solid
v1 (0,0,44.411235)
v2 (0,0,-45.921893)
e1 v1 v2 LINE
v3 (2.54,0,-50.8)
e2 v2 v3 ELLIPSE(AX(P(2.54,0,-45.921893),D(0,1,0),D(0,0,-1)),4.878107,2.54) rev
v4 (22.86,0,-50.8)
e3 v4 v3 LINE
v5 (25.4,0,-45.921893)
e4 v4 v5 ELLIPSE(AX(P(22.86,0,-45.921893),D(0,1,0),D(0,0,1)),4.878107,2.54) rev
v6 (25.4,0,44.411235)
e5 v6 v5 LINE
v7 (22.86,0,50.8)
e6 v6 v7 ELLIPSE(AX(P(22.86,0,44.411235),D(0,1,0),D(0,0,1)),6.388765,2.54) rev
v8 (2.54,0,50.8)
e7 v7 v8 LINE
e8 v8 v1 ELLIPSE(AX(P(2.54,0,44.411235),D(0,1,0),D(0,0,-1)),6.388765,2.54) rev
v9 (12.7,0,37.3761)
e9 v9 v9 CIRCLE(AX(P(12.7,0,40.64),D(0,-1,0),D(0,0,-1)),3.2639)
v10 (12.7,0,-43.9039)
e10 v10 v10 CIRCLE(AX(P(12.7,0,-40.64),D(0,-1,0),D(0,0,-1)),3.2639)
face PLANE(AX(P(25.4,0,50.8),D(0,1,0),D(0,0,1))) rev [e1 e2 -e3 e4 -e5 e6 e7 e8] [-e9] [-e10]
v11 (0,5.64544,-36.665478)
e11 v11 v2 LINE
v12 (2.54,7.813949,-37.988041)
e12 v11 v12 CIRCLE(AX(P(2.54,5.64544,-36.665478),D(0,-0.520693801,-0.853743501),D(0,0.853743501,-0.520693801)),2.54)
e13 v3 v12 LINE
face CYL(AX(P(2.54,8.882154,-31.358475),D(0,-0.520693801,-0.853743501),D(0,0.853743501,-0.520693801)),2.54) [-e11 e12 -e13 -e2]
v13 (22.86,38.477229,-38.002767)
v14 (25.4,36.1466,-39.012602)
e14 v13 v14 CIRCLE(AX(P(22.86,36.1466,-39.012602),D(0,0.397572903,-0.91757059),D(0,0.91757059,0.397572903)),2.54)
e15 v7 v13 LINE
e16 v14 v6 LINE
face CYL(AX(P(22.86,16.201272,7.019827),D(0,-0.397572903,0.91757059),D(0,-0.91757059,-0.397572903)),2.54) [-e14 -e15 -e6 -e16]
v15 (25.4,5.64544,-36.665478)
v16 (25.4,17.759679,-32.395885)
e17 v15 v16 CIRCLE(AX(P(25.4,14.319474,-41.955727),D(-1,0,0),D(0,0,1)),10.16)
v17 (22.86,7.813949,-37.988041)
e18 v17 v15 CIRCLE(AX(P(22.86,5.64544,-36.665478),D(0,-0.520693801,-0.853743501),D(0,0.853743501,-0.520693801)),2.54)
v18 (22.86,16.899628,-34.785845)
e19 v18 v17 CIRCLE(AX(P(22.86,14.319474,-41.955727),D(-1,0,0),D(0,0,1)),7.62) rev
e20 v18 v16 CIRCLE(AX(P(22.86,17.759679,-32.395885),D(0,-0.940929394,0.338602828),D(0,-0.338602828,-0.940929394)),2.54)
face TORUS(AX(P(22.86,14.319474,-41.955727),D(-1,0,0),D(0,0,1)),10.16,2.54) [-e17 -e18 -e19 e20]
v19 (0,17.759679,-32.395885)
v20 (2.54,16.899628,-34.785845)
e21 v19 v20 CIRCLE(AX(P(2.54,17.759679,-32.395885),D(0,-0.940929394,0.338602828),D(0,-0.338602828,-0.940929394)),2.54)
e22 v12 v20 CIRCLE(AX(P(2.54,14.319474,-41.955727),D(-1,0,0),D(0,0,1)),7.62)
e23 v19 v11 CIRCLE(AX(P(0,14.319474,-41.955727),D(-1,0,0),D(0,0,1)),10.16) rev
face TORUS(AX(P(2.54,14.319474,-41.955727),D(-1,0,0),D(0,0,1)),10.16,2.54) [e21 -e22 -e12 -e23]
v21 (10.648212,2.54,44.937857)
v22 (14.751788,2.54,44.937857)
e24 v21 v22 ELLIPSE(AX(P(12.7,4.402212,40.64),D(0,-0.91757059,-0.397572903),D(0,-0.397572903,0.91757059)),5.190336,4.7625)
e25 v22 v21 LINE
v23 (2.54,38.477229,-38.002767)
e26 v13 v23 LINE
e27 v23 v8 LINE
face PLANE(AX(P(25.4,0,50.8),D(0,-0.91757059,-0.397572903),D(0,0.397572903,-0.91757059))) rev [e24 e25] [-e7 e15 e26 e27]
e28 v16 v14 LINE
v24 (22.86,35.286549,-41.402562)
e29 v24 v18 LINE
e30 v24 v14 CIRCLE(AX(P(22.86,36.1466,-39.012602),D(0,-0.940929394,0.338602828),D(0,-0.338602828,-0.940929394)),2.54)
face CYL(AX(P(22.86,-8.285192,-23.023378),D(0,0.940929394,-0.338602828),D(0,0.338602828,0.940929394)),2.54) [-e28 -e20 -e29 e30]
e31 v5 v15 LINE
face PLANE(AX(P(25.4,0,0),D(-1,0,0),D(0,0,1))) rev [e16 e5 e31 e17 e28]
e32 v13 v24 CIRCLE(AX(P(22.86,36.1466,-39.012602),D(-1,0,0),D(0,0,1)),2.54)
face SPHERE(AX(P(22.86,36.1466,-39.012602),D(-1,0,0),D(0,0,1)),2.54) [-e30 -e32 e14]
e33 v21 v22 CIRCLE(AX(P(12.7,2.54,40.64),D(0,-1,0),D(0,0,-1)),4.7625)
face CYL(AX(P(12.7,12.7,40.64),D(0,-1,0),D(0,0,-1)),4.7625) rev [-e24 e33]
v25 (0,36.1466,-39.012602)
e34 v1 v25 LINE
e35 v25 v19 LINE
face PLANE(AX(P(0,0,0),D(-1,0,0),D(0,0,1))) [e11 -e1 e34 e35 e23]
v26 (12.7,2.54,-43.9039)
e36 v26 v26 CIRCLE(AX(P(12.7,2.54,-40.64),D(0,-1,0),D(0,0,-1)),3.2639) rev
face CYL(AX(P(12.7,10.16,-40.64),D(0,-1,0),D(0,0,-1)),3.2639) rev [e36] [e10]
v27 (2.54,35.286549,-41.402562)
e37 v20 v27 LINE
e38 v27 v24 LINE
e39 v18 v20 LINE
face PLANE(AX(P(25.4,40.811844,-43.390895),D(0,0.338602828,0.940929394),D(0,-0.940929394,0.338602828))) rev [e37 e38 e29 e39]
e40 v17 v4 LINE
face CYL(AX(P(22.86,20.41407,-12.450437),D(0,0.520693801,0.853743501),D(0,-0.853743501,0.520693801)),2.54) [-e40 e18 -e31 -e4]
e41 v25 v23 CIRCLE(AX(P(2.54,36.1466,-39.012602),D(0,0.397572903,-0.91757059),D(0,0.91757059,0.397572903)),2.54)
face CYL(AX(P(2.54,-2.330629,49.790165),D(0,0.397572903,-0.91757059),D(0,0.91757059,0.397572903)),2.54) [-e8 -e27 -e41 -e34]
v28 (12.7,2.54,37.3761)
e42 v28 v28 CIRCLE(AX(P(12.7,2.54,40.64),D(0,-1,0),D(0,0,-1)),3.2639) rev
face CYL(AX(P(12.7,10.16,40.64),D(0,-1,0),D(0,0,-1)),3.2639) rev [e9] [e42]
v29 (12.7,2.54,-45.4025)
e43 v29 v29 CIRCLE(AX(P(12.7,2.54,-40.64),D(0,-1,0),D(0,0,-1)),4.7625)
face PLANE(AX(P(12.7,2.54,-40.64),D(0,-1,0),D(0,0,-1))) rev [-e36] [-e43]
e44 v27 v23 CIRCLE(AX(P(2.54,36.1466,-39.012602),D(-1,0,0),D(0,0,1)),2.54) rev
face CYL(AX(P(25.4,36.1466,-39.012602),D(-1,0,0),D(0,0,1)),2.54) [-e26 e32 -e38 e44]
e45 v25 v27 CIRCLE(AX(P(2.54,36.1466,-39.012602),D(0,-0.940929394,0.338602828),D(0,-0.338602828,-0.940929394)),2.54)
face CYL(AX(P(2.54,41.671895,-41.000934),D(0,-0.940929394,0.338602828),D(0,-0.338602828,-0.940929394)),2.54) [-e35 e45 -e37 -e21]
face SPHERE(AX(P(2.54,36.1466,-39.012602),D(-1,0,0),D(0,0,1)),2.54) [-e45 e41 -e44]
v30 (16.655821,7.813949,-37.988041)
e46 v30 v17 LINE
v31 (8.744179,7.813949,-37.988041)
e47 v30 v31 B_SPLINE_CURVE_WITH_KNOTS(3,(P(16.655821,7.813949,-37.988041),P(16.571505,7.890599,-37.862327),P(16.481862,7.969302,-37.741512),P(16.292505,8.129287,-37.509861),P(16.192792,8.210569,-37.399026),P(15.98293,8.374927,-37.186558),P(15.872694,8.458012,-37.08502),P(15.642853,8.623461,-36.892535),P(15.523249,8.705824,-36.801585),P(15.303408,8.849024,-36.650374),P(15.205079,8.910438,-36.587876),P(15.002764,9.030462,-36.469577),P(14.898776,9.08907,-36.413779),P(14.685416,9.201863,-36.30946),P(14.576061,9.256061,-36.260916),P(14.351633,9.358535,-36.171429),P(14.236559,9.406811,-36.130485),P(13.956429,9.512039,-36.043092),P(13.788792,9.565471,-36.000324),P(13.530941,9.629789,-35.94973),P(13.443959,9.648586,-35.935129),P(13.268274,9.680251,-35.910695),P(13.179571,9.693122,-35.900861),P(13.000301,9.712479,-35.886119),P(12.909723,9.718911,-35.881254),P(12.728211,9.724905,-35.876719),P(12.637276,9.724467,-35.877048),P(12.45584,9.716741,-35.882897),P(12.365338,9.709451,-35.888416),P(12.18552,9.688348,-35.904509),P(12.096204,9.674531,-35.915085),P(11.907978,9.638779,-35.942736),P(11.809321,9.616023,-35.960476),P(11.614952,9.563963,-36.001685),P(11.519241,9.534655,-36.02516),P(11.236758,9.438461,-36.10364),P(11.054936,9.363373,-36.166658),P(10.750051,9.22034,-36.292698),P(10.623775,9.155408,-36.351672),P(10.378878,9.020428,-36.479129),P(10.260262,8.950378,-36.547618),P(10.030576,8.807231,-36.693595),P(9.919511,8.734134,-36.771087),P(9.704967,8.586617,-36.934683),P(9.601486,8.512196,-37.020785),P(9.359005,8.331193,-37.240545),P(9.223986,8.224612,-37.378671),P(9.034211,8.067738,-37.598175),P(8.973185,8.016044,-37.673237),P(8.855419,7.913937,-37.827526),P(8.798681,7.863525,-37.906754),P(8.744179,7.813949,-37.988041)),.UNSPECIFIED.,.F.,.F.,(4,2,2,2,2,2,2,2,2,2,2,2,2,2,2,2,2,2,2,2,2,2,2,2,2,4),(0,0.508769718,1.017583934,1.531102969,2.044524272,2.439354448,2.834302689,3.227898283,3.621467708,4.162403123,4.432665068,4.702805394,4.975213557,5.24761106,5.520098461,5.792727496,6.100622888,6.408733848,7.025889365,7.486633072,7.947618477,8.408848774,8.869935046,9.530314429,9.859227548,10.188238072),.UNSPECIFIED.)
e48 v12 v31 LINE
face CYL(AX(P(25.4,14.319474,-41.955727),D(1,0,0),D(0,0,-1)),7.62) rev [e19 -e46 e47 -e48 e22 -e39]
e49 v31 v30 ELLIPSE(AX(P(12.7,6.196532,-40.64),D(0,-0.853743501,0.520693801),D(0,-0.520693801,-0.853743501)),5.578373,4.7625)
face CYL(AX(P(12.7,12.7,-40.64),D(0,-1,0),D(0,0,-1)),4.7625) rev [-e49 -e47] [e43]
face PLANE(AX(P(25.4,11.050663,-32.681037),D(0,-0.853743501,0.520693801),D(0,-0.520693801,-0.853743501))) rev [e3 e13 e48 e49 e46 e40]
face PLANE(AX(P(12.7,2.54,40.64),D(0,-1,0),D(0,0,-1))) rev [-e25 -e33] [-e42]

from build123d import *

# Parameters (mm, degrees)
BOSS_EXTRUDE1_DEPTH = 25.4
FILLET4_R           = 7.62
FILLET5_R           = 2.54
FILLET6_R           = 2.54
SKETCH2_R           = 3.2639
CUT_EXTRUDE1_DEPTH  = 10.16
SKETCH3_R           = 4.7625
CUT_EXTRUDE4_DEPTH  = 10.16


with BuildPart() as part:
    # Sketch1 → Boss-Extrude1 (new body)
    with BuildSketch(Plane(origin=(0, 0, 0), x_dir=(0, 0, -1), z_dir=(1, 0, 0))):
        Polygon((-50.8, 0), (50.8, 0), (32.681037195, 11.050662882), (43.390895004, 40.811843798), align=None)
    extrude(amount=BOSS_EXTRUDE1_DEPTH)

    # Fillet4
    fillet4_edges = [part.edges().sort_by_distance(p)[0] for p in [
        (12.7, 11.050662882, -32.681037195),
    ]]
    fillet(fillet4_edges, radius=FILLET4_R)

    # Fillet5
    fillet5_edges = [part.edges().sort_by_distance(p)[0] for p in [
        (12.7, 40.811843798, -43.390895004),
    ]]
    fillet(fillet5_edges, radius=FILLET5_R)

    # Fillet6
    fillet6_edges = [part.edges().sort_by_distance(p)[0] for p in [
        (25.4, 3.906974274, -44.39402035),
        (0, 26.09308805, -38.094203934),
        (25.4, 26.09308805, -38.094203934),
        (0, 11.786560732, -34.769020969),
        (25.4, 11.786560732, -34.769020969),
        (0, 19.238614503, 6.398616724),
        (25.4, 19.238614503, 6.398616724),
        (0, 37.998707408, -40.750789597),
        (25.4, 37.998707408, -40.750789597),
        (0, 3.906974274, -44.39402035),
    ]]
    fillet(fillet6_edges, radius=FILLET6_R)

    # Sketch2 → Cut-Extrude1 (cut)
    with BuildSketch(Plane.XZ):
        with Locations(Location((12.7, 40.64, 0), (0, 0, 270))):
            Circle(SKETCH2_R)
        with Locations(Location((12.7, -40.64, 0), (0, 0, 270))):
            Circle(SKETCH2_R)
    extrude(amount=-CUT_EXTRUDE1_DEPTH, mode=Mode.SUBTRACT)

    # Sketch3 → Cut-Extrude4 (cut)
    with BuildSketch(Plane(origin=(0, 2.54, 0), x_dir=(-1, 0, 0), z_dir=(0, -1, 0))):
        with Locations((-12.7, -40.64)):
            Circle(SKETCH3_R)
        with Locations(Location((-12.7, 40.64, 0), (0, 0, 90))):
            Circle(SKETCH3_R)
    extrude(amount=-CUT_EXTRUDE4_DEPTH, mode=Mode.SUBTRACT)


solid = part.part
